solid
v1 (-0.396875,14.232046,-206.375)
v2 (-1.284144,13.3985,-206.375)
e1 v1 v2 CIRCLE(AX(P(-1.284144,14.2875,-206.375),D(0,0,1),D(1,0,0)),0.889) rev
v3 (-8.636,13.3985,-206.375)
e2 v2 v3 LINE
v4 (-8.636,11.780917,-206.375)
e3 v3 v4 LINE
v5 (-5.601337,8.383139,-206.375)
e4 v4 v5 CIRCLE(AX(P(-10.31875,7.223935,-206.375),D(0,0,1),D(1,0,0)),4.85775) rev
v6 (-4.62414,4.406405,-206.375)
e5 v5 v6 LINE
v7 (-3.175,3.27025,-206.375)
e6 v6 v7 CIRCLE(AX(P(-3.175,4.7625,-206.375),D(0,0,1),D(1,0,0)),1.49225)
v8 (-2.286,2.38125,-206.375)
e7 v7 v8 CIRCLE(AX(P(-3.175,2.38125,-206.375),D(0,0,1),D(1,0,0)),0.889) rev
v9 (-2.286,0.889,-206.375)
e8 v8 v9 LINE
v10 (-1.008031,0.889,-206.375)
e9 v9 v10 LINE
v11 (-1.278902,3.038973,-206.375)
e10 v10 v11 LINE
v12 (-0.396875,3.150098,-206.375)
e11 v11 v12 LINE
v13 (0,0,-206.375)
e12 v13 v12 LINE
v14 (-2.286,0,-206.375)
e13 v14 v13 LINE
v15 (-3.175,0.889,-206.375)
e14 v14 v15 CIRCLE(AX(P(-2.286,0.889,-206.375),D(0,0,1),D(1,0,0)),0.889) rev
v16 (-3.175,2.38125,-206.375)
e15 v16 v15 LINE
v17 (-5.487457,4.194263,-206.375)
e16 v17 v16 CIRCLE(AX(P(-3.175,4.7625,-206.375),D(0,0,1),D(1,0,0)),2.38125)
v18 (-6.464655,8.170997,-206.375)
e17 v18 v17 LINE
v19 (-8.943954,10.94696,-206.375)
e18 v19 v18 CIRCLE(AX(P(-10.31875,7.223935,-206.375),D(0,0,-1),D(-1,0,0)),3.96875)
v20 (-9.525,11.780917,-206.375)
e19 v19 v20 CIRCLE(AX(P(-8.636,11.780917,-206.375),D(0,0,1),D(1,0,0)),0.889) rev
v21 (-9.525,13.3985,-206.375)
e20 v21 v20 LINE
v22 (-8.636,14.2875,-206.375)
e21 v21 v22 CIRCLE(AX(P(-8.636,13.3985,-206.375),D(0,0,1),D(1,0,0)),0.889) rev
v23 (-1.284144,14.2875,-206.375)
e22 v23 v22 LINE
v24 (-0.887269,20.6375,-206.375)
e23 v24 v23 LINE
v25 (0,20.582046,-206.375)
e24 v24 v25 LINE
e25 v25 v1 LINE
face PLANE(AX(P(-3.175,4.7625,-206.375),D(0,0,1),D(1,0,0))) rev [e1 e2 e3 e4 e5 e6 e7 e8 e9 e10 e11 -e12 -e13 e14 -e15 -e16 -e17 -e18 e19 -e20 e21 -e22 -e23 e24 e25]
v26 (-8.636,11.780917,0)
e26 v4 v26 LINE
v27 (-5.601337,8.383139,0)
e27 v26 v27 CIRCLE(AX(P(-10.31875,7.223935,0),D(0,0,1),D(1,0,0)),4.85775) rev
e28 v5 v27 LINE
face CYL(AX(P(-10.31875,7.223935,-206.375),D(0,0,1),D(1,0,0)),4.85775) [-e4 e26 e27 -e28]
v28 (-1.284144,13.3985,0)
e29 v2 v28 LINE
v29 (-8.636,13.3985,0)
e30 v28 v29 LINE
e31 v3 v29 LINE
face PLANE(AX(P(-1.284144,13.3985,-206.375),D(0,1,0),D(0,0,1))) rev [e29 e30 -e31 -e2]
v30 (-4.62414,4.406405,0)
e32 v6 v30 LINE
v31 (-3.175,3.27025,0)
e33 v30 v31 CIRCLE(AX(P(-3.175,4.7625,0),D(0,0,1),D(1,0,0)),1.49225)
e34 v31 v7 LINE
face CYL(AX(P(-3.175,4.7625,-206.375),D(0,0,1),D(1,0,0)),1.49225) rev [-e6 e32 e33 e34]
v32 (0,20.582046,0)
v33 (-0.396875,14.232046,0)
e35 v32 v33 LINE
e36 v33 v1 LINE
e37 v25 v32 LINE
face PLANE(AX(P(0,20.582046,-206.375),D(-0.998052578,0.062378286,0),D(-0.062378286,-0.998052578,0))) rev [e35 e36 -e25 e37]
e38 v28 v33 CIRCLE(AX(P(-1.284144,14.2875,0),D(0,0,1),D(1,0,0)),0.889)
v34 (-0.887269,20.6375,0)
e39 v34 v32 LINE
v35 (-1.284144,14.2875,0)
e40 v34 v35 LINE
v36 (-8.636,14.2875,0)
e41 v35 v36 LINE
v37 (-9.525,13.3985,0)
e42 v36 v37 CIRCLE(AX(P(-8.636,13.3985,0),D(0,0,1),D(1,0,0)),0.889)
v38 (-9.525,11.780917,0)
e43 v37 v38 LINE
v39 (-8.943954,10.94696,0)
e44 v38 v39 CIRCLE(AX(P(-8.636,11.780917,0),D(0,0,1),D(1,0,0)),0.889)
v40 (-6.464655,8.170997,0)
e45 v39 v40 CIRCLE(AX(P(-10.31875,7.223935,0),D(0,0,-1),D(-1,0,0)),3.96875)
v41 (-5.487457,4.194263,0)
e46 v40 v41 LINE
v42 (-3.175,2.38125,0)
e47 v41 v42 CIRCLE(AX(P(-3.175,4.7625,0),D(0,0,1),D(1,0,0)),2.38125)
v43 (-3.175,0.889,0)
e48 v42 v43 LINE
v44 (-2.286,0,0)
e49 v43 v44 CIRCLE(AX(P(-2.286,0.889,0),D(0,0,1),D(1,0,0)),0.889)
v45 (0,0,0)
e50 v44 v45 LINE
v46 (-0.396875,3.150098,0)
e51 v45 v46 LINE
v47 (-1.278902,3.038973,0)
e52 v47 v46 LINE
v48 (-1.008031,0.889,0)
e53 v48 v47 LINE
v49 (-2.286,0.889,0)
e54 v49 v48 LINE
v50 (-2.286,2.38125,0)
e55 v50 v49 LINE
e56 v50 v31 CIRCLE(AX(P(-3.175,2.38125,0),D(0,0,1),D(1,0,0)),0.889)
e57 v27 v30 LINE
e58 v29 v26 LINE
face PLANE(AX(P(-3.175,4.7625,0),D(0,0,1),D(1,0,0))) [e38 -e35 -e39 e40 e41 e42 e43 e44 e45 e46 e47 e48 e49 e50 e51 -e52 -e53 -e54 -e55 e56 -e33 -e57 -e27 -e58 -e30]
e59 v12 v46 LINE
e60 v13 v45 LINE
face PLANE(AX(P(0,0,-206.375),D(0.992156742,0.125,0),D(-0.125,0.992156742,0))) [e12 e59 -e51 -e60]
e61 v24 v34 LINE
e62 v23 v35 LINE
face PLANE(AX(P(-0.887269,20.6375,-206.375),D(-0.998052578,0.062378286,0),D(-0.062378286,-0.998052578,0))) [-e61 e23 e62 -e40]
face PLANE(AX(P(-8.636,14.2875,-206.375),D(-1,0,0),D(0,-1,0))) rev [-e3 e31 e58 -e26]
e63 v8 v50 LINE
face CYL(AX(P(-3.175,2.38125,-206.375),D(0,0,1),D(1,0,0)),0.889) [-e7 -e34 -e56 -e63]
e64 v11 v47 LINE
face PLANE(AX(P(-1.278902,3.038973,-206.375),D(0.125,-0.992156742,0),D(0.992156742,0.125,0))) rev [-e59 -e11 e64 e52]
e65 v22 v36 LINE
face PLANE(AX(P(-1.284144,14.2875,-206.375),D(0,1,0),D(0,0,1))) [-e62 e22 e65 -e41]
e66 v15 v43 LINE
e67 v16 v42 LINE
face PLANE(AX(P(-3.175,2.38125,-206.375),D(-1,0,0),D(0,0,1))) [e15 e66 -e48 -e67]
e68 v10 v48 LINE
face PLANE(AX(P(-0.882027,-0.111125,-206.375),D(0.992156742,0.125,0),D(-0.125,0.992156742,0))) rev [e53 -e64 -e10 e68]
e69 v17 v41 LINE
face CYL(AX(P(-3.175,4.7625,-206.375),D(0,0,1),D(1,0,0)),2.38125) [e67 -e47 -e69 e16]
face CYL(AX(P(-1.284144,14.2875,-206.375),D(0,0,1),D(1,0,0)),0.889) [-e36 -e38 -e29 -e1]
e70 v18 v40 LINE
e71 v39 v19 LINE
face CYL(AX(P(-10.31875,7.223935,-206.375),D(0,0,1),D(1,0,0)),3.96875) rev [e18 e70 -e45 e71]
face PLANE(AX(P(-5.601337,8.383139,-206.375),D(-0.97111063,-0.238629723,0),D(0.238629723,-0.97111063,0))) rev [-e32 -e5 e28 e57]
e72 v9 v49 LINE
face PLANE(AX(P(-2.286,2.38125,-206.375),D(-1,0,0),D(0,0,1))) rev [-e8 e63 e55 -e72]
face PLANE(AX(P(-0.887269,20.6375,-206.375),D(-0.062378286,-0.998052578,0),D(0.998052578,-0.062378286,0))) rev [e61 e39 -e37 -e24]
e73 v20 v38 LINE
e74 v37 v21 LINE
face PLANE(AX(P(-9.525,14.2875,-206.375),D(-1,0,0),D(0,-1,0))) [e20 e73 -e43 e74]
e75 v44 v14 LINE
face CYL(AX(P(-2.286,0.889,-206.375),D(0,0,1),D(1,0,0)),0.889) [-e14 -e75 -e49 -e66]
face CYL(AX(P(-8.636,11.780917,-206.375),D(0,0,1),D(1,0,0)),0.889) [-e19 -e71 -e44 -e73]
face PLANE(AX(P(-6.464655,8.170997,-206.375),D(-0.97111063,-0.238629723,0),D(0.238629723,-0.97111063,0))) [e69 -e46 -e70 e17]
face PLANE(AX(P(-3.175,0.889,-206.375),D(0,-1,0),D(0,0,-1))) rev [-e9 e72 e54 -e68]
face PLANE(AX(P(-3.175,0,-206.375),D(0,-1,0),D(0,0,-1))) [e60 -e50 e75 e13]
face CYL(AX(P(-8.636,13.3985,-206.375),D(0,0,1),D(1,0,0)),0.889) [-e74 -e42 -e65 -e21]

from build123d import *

# Parameters (mm, degrees)
EXTRUDE_THIN1_DEPTH = 206.375
FILLET1_R           = 0.889


with BuildPart() as part:
    # Sketch1 → Extrude-Thin1 (new body)
    with BuildSketch(Plane.XY):
        with BuildLine():
            Line((-0.887268742, 20.6375), (-1.284143742, 14.2875))
            Line((-1.284143742, 14.2875), (-9.525, 14.2875))
            Line((-9.525, 14.2875), (-9.525, 11.1125))
            ThreePointArc((-9.525, 11.1125), (-7.568526944, 10.085272082), (-6.464654688, 8.170996748))
            Line((-6.464654688, 8.170996748), (-5.487457187, 4.194262971))
            ThreePointArc((-5.487457187, 4.194262971), (-4.644223798, 2.888538156), (-3.175, 2.38125))
            Line((-3.175, 2.38125), (-3.175, 0))
            Line((-3.175, 0), (0, 0))
            Line((0, 0), (-0.396875, 3.150097655))
            Line((-0.396875, 3.150097655), (-1.278902343, 3.038972655))
            Line((-1.278902343, 3.038972655), (-1.00803125, 0.889))
            Line((-1.00803125, 0.889), (-2.286, 0.889))
            Line((-2.286, 0.889), (-2.286, 3.563963783))
            ThreePointArc((-2.286, 3.563963783), (-3.680831863, 3.358596802), (-4.624139837, 4.406404795))
            Line((-4.624139837, 4.406404795), (-5.601337339, 8.383138572))
            ThreePointArc((-5.601337339, 8.383138572), (-6.695664903, 10.45982586), (-8.636, 11.780917313))
            Line((-8.636, 11.780917313), (-8.636, 13.3985))
            Line((-8.636, 13.3985), (-0.448971606, 13.3985))
            Line((-0.448971606, 13.3985), (0, 20.582045704))
            Line((0, 20.582045704), (-0.887268742, 20.6375))
        make_face()
    extrude(amount=-EXTRUDE_THIN1_DEPTH)

    # Fillet1
    fillet1_edges = [part.edges().sort_by_distance(p)[0] for p in [
        (-3.175, 0, -103.1875),
        (-9.525, 11.1125, -103.1875),
        (-9.525, 14.2875, -103.1875),
        (-0.448971606, 13.3985, -103.1875),
        (-2.286, 3.563963783, -103.1875),
    ]]
    fillet(fillet1_edges, radius=FILLET1_R)


solid = part.part
